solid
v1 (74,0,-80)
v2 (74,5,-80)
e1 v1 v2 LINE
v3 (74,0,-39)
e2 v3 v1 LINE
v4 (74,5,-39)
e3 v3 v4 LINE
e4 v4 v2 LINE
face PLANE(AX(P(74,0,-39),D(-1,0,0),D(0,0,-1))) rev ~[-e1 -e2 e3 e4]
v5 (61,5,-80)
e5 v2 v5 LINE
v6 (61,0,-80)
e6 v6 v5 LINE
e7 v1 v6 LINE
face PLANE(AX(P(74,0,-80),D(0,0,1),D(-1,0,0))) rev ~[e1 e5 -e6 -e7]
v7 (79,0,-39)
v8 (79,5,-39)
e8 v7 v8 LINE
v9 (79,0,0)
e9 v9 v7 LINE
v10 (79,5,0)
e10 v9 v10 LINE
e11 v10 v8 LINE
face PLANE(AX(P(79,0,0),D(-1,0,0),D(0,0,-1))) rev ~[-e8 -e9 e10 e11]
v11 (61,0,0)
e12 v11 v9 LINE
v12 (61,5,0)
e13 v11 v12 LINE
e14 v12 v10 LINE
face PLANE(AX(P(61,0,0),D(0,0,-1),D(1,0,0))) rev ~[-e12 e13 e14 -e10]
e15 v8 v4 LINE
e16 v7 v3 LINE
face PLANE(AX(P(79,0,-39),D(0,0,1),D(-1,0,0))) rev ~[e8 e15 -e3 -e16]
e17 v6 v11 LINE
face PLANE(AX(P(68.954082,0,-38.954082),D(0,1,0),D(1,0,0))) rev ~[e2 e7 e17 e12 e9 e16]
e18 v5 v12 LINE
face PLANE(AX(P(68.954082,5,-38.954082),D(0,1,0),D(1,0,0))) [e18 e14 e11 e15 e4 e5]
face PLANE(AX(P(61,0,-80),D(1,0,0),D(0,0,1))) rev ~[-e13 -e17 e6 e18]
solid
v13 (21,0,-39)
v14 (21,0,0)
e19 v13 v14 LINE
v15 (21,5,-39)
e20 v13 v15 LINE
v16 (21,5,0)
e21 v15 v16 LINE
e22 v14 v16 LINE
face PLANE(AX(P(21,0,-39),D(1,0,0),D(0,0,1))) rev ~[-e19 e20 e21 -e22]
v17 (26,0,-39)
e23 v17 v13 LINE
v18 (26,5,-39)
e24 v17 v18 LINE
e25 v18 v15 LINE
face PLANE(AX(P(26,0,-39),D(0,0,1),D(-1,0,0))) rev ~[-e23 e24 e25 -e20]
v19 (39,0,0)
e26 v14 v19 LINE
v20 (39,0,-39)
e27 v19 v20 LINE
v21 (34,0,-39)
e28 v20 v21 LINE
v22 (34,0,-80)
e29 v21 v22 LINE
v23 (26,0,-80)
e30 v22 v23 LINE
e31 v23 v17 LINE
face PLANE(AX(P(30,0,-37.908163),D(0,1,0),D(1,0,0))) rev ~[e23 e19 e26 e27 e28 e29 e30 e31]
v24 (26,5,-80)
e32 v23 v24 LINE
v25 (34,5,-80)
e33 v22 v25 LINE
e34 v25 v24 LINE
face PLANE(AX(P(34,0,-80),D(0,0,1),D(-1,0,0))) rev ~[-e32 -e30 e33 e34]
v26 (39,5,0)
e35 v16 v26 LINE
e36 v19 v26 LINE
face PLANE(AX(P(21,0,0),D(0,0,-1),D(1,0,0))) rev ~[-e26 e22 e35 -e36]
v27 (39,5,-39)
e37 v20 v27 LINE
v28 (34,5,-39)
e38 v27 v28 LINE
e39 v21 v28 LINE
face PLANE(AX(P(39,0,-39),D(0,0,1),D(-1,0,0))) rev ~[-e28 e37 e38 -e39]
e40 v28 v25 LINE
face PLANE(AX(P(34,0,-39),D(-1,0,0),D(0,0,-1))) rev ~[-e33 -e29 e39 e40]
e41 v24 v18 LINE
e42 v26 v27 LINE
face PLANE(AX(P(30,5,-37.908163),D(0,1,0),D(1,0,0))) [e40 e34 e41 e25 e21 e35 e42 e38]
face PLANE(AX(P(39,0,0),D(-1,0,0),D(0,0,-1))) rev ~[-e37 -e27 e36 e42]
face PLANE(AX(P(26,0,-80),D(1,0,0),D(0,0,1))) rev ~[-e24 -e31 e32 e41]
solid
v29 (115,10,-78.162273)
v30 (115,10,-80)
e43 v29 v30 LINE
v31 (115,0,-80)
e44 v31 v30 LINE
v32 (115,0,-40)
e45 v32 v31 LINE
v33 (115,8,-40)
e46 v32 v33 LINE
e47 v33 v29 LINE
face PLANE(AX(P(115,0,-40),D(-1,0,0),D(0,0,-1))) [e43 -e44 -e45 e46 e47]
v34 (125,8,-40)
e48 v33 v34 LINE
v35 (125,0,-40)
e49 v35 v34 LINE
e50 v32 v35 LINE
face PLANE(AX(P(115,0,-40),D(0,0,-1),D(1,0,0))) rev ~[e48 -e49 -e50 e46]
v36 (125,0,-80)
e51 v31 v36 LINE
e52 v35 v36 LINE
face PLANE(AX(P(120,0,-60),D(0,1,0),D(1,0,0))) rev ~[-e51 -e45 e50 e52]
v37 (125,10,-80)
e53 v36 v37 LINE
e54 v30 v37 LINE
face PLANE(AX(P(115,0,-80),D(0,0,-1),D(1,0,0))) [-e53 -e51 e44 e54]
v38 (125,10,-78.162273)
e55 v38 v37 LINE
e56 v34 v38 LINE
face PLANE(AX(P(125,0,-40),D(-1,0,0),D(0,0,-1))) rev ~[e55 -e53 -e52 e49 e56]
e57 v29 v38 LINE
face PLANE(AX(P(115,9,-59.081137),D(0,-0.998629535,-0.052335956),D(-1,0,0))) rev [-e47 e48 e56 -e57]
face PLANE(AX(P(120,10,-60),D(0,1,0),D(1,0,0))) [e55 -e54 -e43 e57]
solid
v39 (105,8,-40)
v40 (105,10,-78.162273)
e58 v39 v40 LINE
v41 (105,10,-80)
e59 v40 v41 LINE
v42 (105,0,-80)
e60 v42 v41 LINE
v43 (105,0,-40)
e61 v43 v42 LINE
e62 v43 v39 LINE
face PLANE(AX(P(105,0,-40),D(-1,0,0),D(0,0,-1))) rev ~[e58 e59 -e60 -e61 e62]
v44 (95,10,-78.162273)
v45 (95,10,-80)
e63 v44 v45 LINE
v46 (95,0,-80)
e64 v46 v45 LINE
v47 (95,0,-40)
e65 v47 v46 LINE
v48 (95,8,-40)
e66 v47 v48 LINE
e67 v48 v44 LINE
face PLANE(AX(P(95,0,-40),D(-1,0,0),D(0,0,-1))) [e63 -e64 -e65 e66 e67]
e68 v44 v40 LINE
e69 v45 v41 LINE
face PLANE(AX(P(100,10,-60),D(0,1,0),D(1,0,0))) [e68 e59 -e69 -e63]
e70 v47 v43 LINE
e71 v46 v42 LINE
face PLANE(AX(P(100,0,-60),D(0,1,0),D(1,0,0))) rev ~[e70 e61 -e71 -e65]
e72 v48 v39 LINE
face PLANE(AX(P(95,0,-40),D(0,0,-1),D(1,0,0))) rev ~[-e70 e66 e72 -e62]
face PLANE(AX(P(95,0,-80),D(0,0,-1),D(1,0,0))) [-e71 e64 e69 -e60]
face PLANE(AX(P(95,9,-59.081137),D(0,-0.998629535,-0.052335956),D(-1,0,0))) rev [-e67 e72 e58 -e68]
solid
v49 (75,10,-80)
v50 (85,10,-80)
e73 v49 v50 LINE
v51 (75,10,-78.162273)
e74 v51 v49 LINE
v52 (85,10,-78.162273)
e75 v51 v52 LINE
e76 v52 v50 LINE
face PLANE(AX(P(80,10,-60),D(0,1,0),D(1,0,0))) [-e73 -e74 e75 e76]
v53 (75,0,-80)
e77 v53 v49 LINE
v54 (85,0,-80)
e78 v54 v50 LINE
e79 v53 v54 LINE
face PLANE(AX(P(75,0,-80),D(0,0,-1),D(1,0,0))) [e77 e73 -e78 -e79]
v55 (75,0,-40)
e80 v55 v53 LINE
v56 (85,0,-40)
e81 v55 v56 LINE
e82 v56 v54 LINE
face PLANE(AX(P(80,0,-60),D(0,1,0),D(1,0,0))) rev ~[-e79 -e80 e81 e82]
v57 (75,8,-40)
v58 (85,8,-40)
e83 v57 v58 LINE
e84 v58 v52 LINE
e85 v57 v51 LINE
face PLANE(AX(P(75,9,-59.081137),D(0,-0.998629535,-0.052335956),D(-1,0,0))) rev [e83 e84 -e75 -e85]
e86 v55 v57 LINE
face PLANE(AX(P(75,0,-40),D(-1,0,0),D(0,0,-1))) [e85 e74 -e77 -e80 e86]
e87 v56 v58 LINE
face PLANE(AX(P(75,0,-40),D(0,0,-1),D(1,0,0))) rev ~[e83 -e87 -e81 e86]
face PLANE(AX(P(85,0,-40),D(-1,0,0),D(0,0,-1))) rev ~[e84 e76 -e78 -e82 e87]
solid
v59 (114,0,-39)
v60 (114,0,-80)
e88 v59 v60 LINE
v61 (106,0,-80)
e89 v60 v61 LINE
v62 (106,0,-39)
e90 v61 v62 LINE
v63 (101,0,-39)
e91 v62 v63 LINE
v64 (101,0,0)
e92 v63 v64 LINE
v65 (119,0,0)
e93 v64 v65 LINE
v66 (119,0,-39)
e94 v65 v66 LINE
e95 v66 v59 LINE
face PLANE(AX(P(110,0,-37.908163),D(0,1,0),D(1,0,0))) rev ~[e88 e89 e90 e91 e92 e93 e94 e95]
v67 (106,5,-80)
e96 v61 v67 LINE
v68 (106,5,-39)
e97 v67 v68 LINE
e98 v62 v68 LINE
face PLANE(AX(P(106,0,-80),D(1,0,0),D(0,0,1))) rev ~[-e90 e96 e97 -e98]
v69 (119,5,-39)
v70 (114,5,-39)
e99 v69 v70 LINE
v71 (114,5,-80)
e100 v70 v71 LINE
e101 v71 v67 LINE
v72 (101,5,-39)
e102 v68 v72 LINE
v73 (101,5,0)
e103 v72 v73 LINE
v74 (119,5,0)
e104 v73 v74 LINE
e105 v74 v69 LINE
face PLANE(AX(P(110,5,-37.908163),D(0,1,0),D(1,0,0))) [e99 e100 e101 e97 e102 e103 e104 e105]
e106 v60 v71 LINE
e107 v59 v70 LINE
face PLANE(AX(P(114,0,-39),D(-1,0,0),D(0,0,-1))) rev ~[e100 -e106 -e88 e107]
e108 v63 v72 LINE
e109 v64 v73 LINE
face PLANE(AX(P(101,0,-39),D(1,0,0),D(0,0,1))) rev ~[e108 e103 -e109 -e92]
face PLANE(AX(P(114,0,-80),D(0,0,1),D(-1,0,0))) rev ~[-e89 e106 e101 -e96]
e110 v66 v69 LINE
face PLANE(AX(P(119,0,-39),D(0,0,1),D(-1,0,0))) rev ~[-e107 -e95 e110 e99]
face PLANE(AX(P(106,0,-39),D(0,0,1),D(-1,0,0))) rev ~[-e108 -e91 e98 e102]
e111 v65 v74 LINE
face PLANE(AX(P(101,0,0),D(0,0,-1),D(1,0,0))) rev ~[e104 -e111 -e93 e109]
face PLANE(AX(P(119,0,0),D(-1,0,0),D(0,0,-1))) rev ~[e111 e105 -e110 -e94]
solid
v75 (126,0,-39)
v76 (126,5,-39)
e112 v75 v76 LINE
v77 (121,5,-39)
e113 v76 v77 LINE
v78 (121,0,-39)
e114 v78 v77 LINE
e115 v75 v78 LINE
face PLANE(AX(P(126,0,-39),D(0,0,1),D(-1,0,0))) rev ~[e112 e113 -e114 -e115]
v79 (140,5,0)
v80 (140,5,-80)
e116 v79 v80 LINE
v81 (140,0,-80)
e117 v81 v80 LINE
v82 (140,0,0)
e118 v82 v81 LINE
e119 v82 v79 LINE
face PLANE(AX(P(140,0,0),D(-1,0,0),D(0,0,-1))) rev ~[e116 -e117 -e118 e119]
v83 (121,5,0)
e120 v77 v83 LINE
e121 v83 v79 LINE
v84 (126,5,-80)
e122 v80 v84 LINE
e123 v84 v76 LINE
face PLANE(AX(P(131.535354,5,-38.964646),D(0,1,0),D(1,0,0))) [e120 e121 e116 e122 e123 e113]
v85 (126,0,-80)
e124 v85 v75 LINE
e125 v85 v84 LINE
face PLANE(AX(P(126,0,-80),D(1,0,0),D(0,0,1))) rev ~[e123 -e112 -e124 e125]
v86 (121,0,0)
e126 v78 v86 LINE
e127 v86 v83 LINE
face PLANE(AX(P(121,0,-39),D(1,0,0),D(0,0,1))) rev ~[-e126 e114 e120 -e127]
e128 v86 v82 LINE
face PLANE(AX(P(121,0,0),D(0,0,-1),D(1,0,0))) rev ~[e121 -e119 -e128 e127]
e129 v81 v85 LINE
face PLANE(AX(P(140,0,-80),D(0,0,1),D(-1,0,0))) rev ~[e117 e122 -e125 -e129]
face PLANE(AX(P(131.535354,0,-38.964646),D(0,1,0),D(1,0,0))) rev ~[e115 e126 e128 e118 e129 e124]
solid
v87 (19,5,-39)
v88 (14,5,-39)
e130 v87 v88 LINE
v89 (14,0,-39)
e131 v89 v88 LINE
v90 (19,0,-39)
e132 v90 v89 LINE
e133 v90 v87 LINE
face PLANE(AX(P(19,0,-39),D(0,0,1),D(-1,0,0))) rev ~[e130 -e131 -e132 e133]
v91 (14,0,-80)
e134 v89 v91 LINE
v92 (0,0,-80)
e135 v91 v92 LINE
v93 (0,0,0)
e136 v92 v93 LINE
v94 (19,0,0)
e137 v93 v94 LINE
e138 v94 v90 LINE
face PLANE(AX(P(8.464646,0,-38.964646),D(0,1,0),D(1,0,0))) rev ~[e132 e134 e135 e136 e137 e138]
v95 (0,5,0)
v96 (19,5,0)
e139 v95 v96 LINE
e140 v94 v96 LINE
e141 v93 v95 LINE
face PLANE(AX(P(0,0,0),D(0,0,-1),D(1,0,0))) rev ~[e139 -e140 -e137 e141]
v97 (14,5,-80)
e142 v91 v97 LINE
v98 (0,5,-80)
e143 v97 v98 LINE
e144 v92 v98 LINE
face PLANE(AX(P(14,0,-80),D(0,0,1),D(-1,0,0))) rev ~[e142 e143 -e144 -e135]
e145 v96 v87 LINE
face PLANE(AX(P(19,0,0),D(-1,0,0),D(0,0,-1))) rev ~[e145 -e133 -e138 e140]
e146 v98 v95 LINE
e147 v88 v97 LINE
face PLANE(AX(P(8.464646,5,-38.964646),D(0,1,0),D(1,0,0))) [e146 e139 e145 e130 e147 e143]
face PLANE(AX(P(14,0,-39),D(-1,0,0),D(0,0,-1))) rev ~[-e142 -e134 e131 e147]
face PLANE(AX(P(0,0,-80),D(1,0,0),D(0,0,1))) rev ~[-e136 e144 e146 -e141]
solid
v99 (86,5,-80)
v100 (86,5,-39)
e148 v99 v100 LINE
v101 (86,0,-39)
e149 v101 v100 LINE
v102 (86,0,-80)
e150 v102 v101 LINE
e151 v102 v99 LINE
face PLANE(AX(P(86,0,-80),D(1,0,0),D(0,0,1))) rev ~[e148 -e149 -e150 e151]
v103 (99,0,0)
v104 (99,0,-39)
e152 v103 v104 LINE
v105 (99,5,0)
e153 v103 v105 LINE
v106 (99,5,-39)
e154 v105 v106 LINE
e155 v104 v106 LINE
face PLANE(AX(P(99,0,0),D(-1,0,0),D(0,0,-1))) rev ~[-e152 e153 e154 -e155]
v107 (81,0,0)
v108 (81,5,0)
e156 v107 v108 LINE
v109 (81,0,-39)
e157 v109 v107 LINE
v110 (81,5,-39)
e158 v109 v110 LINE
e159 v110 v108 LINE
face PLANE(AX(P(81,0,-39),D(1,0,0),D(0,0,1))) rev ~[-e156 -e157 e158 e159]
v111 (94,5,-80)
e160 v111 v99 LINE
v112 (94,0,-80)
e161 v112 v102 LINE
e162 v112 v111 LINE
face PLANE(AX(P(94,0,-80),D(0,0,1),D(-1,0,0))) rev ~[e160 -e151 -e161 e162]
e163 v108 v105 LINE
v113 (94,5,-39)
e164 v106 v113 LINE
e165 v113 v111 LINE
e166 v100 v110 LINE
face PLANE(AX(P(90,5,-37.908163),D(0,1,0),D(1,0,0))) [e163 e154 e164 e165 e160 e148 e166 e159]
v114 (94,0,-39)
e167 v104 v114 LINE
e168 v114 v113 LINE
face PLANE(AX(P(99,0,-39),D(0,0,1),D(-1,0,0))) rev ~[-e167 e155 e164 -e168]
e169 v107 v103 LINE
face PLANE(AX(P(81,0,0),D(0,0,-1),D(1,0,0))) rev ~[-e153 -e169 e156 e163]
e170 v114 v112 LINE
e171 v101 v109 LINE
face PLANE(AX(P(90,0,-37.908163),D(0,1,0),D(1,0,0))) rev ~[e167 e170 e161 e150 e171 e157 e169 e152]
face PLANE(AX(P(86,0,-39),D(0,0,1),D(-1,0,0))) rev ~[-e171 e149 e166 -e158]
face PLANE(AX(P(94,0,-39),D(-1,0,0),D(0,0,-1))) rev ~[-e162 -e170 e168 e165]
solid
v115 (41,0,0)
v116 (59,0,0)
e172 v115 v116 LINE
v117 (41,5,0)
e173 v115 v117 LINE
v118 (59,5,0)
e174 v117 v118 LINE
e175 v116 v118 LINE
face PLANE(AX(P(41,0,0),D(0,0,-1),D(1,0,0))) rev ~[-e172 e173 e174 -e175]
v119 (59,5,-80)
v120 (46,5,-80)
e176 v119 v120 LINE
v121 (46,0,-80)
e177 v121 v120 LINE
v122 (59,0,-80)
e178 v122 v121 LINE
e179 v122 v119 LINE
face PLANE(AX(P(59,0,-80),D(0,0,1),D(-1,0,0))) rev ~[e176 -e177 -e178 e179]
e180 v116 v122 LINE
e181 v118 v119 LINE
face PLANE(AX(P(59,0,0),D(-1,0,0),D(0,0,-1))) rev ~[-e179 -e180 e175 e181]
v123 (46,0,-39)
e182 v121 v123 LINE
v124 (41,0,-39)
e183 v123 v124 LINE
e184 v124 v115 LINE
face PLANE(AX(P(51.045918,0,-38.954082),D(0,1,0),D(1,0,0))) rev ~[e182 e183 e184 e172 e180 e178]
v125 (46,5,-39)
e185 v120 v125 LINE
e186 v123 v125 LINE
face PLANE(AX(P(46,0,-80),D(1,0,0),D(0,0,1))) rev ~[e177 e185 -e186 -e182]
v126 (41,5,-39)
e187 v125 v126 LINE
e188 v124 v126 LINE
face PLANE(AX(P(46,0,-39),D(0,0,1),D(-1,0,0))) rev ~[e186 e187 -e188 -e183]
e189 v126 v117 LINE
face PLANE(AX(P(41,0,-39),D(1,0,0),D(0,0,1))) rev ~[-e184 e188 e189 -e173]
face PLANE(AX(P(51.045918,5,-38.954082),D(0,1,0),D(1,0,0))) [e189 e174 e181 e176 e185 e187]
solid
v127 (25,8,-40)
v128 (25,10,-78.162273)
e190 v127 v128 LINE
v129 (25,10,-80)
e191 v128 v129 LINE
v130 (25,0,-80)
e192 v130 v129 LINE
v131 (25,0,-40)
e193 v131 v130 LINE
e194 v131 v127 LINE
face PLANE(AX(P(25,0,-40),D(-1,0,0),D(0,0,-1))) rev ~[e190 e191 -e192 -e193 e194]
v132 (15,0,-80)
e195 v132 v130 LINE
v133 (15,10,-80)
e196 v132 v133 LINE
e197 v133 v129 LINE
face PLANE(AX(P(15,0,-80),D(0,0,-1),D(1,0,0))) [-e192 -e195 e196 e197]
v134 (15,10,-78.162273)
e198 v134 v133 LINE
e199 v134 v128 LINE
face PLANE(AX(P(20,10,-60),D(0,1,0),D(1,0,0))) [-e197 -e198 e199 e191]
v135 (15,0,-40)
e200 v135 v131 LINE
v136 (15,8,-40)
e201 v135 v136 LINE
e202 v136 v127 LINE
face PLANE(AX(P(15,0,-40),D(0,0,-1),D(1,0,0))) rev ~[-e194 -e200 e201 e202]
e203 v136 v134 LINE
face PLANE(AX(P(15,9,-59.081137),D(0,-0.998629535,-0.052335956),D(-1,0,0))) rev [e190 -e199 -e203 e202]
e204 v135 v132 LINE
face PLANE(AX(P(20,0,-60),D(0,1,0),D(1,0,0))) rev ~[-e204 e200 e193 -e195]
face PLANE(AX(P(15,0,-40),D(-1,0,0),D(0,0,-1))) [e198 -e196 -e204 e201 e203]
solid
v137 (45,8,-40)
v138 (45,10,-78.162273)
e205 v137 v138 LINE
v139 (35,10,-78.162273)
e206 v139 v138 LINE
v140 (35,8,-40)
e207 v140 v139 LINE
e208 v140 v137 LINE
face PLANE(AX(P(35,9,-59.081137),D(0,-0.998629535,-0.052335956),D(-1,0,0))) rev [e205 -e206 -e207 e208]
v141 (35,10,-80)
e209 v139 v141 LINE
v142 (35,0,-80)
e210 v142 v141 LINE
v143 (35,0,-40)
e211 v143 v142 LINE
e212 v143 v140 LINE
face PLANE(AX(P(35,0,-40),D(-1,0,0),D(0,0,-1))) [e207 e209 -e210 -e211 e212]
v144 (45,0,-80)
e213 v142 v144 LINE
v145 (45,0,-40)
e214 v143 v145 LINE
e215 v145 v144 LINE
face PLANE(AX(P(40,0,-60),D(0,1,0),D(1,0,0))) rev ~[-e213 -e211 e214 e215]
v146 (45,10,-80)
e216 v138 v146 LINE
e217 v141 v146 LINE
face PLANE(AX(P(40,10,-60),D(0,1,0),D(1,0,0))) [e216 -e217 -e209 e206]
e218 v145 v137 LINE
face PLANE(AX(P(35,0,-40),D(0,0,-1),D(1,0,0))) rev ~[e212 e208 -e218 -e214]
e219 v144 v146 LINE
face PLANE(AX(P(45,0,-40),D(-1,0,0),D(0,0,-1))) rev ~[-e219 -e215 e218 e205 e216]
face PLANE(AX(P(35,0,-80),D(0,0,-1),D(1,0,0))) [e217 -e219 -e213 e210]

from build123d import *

# Parameters (mm, degrees)
SKETCH1_W             = 10
SKETCH1_H             = 40
BOSS_EXTRUDE1_DEPTH   = 10
BOSS_EXTRUDE1_2_DEPTH = 10
BOSS_EXTRUDE1_3_DEPTH = 10
BOSS_EXTRUDE1_4_DEPTH = 10
BOSS_EXTRUDE1_5_DEPTH = 10
BOSS_EXTRUDE2_DEPTH   = 5
BOSS_EXTRUDE2_2_DEPTH = 5
BOSS_EXTRUDE2_3_DEPTH = 5
BOSS_EXTRUDE2_4_DEPTH = 5
BOSS_EXTRUDE2_5_DEPTH = 5
BOSS_EXTRUDE2_6_DEPTH = 5
BOSS_EXTRUDE2_7_DEPTH = 5
CHAMFER1_SIZE         = 2
CHAMFER1_SIZE2        = 38.162273375
CHAMFER2_SIZE         = 2
CHAMFER2_SIZE2        = 38.162273375
CHAMFER3_SIZE         = 2
CHAMFER3_SIZE2        = 38.162273375
CHAMFER4_SIZE         = 2
CHAMFER4_SIZE2        = 38.162273375
CHAMFER5_SIZE         = 2
CHAMFER5_SIZE2        = 38.162273375


with BuildPart() as part:
    # Sketch1 → Boss-Extrude1 (new body)
    with BuildSketch(Plane(origin=(0, 0, 0), x_dir=(1, 0, 0), z_dir=(0, 1, 0))):
        with Locations((20, 60)):
            Rectangle(SKETCH1_W, SKETCH1_H)
    extrude(amount=BOSS_EXTRUDE1_DEPTH)

    # Chamfer1
    chamfer1_edges = [part.edges().sort_by_distance(p)[0] for p in [
        (20, 10, -40),
    ]]
    chamfer1_side = [part.faces().sort_by_distance(p)[0] for p in [
        (20, 5, -40),
    ]]
    chamfer(chamfer1_edges, length=CHAMFER1_SIZE, length2=CHAMFER1_SIZE2, reference=chamfer1_side[0])


with BuildPart() as body_2:
    # Sketch1 → Boss-Extrude1 2 (new body)
    with BuildSketch(Plane(origin=(0, 0, 0), x_dir=(1, 0, 0), z_dir=(0, 1, 0))):
        with Locations((40, 60)):
            Rectangle(SKETCH1_W, SKETCH1_H)
    extrude(amount=BOSS_EXTRUDE1_2_DEPTH)

    # Chamfer2
    chamfer2_edges = [body_2.edges().sort_by_distance(p)[0] for p in [
        (40, 10, -40),
    ]]
    chamfer2_side = [body_2.faces().sort_by_distance(p)[0] for p in [
        (40, 5, -40),
    ]]
    chamfer(chamfer2_edges, length=CHAMFER2_SIZE, length2=CHAMFER2_SIZE2, reference=chamfer2_side[0])


with BuildPart() as body_3:
    # Sketch1 → Boss-Extrude1 3 (new body)
    with BuildSketch(Plane(origin=(0, 0, 0), x_dir=(1, 0, 0), z_dir=(0, 1, 0))):
        with Locations((80, 60)):
            Rectangle(SKETCH1_W, SKETCH1_H)
    extrude(amount=BOSS_EXTRUDE1_3_DEPTH)

    # Chamfer3
    chamfer3_edges = [body_3.edges().sort_by_distance(p)[0] for p in [
        (80, 10, -40),
    ]]
    chamfer3_side = [body_3.faces().sort_by_distance(p)[0] for p in [
        (80, 5, -40),
    ]]
    chamfer(chamfer3_edges, length=CHAMFER3_SIZE, length2=CHAMFER3_SIZE2, reference=chamfer3_side[0])


with BuildPart() as body_4:
    # Sketch1 → Boss-Extrude1 4 (new body)
    with BuildSketch(Plane(origin=(0, 0, 0), x_dir=(1, 0, 0), z_dir=(0, 1, 0))):
        with Locations((100, 60)):
            Rectangle(SKETCH1_W, SKETCH1_H)
    extrude(amount=BOSS_EXTRUDE1_4_DEPTH)

    # Chamfer4
    chamfer4_edges = [body_4.edges().sort_by_distance(p)[0] for p in [
        (100, 10, -40),
    ]]
    chamfer4_side = [body_4.faces().sort_by_distance(p)[0] for p in [
        (100, 5, -40),
    ]]
    chamfer(chamfer4_edges, length=CHAMFER4_SIZE, length2=CHAMFER4_SIZE2, reference=chamfer4_side[0])


with BuildPart() as body_5:
    # Sketch1 → Boss-Extrude1 5 (new body)
    with BuildSketch(Plane(origin=(0, 0, 0), x_dir=(1, 0, 0), z_dir=(0, 1, 0))):
        with Locations((120, 60)):
            Rectangle(SKETCH1_W, SKETCH1_H)
    extrude(amount=BOSS_EXTRUDE1_5_DEPTH)

    # Chamfer5
    chamfer5_edges = [body_5.edges().sort_by_distance(p)[0] for p in [
        (120, 10, -40),
    ]]
    chamfer5_side = [body_5.faces().sort_by_distance(p)[0] for p in [
        (120, 5, -40),
    ]]
    chamfer(chamfer5_edges, length=CHAMFER5_SIZE, length2=CHAMFER5_SIZE2, reference=chamfer5_side[0])


with BuildPart() as body_6:
    # Sketch1<3> → Boss-Extrude2 (new body)
    with BuildSketch(Plane(origin=(0, 0, 0), x_dir=(1, 0, 0), z_dir=(0, 1, 0))):
        Polygon((0, 80), (0, 0), (19, 0), (19, 39), (14, 39), (14, 80), align=None)
    extrude(amount=BOSS_EXTRUDE2_DEPTH)


with BuildPart() as body_7:
    # Sketch1<3> → Boss-Extrude2 2 (new body)
    with BuildSketch(Plane(origin=(0, 0, 0), x_dir=(1, 0, 0), z_dir=(0, 1, 0))):
        Polygon((21, 39), (21, 0), (39, 0), (39, 39), (34, 39), (34, 80), (26, 80), (26, 39), align=None)
    extrude(amount=BOSS_EXTRUDE2_2_DEPTH)


with BuildPart() as body_8:
    # Sketch1<3> → Boss-Extrude2 3 (new body)
    with BuildSketch(Plane(origin=(0, 0, 0), x_dir=(1, 0, 0), z_dir=(0, 1, 0))):
        Polygon((41, 39), (41, 0), (59, 0), (59, 80), (46, 80), (46, 39), align=None)
    extrude(amount=BOSS_EXTRUDE2_3_DEPTH)


with BuildPart() as body_9:
    # Sketch1<3> → Boss-Extrude2 4 (new body)
    with BuildSketch(Plane(origin=(0, 0, 0), x_dir=(1, 0, 0), z_dir=(0, 1, 0))):
        Polygon((61, 80), (61, 0), (79, 0), (79, 39), (74, 39), (74, 80), align=None)
    extrude(amount=BOSS_EXTRUDE2_4_DEPTH)


with BuildPart() as body_10:
    # Sketch1<3> → Boss-Extrude2 5 (new body)
    with BuildSketch(Plane(origin=(0, 0, 0), x_dir=(1, 0, 0), z_dir=(0, 1, 0))):
        Polygon((81, 39), (81, 0), (99, 0), (99, 39), (94, 39), (94, 80), (86, 80), (86, 39), align=None)
    extrude(amount=BOSS_EXTRUDE2_5_DEPTH)


with BuildPart() as body_11:
    # Sketch1<3> → Boss-Extrude2 6 (new body)
    with BuildSketch(Plane(origin=(0, 0, 0), x_dir=(1, 0, 0), z_dir=(0, 1, 0))):
        Polygon((101, 39), (101, 0), (119, 0), (119, 39), (114, 39), (114, 80), (106, 80), (106, 39), align=None)
    extrude(amount=BOSS_EXTRUDE2_6_DEPTH)


with BuildPart() as body_12:
    # Sketch1<3> → Boss-Extrude2 7 (new body)
    with BuildSketch(Plane(origin=(0, 0, 0), x_dir=(1, 0, 0), z_dir=(0, 1, 0))):
        Polygon((121, 39), (121, 0), (140, 0), (140, 80), (126, 80), (126, 39), align=None)
    extrude(amount=BOSS_EXTRUDE2_7_DEPTH)


solid = Compound([part.part, body_2.part, body_3.part, body_4.part, body_5.part, body_6.part, body_7.part, body_8.part, body_9.part, body_10.part, body_11.part, body_12.part])
